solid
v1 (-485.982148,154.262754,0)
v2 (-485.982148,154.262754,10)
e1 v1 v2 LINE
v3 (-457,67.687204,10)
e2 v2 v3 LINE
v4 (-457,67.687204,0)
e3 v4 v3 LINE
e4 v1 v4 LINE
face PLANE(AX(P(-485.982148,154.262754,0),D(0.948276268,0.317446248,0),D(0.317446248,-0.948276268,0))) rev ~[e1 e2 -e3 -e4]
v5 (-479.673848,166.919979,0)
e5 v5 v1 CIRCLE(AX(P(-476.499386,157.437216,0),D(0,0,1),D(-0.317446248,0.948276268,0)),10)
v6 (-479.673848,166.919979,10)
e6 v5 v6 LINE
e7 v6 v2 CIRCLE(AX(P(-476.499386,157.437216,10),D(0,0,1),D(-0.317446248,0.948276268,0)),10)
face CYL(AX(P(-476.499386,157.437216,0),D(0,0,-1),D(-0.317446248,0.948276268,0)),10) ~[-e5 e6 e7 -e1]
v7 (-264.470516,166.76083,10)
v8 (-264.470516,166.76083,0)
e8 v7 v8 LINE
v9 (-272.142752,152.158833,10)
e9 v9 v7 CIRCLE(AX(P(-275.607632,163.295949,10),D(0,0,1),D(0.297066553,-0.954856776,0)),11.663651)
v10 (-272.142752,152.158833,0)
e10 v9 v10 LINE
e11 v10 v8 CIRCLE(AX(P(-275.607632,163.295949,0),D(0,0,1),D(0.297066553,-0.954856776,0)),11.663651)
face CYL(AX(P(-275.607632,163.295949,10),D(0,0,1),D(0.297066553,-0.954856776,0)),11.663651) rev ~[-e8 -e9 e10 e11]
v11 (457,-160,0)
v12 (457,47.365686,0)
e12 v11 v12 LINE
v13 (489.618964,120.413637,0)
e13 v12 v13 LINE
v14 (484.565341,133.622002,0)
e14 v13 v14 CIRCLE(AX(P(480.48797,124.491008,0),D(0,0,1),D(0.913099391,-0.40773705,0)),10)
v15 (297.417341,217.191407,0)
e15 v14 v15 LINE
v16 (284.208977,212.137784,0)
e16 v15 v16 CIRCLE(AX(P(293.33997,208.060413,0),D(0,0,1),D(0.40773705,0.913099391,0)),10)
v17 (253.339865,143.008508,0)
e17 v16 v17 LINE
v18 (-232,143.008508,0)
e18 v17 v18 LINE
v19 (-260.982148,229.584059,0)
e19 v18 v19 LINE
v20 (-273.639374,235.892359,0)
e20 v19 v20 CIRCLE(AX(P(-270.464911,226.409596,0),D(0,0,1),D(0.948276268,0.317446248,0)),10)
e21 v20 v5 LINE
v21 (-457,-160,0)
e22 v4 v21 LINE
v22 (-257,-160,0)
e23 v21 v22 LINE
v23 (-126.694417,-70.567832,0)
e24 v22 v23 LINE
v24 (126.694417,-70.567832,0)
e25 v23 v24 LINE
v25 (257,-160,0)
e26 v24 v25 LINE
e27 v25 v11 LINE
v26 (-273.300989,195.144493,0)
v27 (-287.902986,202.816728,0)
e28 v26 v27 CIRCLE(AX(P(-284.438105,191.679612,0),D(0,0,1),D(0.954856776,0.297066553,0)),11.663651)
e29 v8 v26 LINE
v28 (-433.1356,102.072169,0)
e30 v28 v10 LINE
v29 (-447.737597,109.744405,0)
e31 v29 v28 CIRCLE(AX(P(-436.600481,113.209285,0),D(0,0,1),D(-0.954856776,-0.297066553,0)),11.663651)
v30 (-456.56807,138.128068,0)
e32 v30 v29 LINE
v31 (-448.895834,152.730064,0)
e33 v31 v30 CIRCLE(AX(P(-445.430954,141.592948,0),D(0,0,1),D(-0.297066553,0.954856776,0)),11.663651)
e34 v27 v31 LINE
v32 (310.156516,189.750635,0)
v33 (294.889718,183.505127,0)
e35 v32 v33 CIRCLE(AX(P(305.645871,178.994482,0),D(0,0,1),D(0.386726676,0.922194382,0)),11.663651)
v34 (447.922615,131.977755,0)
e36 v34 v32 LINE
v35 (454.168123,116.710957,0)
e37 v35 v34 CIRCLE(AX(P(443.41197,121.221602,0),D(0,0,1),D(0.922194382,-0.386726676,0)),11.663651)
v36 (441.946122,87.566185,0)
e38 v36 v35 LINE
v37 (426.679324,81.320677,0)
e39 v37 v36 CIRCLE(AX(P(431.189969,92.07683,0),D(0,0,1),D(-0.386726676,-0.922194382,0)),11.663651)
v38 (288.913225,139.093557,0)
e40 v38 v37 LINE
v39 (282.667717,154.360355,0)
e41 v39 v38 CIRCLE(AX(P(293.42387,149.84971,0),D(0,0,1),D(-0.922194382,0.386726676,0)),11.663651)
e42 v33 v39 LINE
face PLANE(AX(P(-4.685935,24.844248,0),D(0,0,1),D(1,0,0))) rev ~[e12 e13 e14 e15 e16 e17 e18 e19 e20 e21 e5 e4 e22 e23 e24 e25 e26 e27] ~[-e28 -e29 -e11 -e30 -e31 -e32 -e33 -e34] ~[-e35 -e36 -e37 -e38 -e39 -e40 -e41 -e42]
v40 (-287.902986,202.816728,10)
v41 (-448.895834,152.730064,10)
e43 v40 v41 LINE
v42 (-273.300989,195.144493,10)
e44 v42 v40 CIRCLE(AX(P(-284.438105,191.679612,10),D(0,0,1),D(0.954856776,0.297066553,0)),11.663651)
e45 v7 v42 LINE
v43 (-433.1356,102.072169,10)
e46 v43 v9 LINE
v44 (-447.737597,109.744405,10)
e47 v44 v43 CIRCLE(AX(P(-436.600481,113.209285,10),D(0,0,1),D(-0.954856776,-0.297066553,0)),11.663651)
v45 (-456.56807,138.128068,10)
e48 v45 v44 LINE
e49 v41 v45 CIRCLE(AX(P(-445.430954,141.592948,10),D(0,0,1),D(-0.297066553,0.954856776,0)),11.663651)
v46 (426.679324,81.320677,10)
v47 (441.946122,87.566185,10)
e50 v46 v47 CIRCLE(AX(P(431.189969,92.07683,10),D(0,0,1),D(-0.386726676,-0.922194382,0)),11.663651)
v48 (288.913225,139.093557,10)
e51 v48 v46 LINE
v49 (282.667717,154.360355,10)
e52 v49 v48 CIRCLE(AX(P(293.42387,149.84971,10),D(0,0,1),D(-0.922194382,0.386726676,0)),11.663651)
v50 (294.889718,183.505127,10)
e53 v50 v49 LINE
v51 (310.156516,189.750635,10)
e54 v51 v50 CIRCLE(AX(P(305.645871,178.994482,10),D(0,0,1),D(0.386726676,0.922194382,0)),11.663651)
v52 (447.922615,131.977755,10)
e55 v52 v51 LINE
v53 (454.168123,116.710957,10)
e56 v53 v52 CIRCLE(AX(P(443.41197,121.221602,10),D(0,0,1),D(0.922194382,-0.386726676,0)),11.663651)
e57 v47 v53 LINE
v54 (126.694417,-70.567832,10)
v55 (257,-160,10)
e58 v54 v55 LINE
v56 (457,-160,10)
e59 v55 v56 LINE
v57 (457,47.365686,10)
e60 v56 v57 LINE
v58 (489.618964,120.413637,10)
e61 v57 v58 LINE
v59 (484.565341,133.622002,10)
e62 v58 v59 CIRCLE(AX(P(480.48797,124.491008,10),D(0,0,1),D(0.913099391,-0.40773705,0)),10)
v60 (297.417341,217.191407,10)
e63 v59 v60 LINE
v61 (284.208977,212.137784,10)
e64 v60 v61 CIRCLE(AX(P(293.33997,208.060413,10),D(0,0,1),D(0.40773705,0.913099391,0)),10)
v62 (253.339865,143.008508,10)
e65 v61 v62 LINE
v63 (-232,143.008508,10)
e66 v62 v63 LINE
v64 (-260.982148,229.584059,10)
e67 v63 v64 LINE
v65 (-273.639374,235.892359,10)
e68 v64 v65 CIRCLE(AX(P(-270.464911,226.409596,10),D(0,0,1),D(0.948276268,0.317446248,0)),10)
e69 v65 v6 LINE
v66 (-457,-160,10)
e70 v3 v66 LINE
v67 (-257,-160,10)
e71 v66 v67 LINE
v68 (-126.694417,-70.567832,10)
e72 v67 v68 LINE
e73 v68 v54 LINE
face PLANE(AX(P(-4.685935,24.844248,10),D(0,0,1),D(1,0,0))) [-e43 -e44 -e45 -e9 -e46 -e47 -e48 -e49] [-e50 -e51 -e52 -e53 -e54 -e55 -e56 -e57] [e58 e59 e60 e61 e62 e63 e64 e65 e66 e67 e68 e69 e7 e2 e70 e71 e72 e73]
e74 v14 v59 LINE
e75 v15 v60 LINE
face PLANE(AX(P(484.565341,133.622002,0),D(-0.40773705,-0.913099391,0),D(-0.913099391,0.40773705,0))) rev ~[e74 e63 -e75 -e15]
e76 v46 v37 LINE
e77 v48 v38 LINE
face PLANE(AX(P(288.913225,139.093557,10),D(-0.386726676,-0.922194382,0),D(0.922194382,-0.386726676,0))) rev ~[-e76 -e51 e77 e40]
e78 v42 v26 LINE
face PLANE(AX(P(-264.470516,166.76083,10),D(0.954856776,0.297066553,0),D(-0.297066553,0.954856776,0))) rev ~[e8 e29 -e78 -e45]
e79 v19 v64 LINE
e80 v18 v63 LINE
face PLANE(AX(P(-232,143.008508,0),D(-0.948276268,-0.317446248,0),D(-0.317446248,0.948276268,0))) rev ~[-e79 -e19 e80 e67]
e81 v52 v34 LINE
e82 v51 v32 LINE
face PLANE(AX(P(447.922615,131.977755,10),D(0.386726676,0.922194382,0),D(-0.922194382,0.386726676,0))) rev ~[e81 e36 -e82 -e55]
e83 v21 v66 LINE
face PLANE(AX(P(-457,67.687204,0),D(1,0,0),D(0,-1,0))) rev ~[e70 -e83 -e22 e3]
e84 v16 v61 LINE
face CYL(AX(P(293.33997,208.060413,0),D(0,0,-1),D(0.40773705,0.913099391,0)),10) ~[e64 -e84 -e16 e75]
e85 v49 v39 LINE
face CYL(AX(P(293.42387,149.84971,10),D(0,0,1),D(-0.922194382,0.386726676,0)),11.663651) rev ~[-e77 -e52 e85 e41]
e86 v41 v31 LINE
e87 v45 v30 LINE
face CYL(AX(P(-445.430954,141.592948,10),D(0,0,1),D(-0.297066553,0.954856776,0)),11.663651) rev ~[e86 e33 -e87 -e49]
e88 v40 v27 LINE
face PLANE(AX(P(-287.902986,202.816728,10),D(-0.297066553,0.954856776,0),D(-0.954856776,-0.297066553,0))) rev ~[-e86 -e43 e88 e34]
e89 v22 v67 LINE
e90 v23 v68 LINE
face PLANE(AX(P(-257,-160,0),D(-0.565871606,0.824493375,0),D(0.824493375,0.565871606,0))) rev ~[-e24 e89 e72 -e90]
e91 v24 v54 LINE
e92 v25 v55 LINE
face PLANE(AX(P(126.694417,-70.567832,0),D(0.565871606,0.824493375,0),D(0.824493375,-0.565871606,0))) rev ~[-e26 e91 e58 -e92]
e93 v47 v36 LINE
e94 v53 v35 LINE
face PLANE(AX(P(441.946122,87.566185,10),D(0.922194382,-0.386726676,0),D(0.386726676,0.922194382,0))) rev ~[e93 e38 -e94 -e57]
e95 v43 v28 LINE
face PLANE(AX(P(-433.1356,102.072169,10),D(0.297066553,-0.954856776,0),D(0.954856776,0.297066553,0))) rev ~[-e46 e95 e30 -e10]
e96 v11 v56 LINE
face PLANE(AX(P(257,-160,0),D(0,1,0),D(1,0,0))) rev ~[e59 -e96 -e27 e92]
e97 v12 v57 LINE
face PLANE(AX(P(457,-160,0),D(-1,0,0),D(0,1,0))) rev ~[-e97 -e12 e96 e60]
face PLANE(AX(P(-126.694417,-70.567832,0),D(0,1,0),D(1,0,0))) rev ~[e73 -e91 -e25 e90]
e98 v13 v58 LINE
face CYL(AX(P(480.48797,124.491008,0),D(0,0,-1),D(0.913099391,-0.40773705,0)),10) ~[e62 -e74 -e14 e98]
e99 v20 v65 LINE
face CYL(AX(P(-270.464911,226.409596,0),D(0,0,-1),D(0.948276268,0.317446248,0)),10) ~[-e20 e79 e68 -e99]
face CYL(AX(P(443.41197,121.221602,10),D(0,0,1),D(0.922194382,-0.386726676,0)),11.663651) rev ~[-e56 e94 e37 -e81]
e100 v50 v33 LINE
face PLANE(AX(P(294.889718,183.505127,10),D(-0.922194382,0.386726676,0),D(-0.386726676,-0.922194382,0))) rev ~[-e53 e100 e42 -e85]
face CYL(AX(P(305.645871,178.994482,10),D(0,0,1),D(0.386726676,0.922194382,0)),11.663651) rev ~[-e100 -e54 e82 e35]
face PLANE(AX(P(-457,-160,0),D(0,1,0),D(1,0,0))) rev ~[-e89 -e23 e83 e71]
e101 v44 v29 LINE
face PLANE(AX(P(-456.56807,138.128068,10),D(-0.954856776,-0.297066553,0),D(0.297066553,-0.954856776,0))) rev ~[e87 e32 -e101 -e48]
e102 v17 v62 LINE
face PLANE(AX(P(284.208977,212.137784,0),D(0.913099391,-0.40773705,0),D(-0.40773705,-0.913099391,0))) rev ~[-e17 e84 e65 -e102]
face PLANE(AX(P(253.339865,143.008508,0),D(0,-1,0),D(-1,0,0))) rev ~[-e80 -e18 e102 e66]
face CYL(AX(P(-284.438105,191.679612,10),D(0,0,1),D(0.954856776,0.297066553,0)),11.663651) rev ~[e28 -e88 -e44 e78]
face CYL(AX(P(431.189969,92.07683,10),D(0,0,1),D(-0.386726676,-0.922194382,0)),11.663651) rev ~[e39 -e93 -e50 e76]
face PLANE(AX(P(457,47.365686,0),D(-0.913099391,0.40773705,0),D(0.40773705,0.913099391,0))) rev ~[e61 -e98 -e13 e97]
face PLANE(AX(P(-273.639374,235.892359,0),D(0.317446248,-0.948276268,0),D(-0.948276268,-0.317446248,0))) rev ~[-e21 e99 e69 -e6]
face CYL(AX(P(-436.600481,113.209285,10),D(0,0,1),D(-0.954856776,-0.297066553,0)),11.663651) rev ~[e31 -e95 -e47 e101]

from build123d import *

# Parameters (mm, degrees)
BOSS_EXTRUDE1_DEPTH = 10
CUT_EXTRUDE1_DEPTH  = 10
CUT_EXTRUDE2_DEPTH  = 10


with BuildPart() as part:
    # Sketch2 → Boss-Extrude1 (new body)
    with BuildSketch(Plane.XY):
        with BuildLine():
            Line((-257, -160), (-126.694416638, -70.567832456))
            Line((-126.694416638, -70.567832456), (126.694416638, -70.567832456))
            Line((126.694416638, -70.567832456), (257, -160))
            Line((257, -160), (457, -160))
            Line((457, -160), (457, 47.365686012))
            Line((457, 47.365686012), (489.618964007, 120.413637298))
            ThreePointArc((489.618964007, 120.413637298), (489.82769414, 128.064459181), (484.565340597, 133.622001709))
            Line((484.565340597, 133.622001709), (297.41734098, 217.19140723))
            ThreePointArc((297.41734098, 217.19140723), (289.766519097, 217.400137363), (284.208976569, 212.13778382))
            Line((284.208976569, 212.13778382), (253.339865194, 143.008508485))
            Line((253.339865194, 143.008508485), (-232, 143.008508485))
            Line((-232, 143.008508485), (-260.982148435, 229.584058556))
            ThreePointArc((-260.982148435, 229.584058556), (-266.004269265, 235.359605814), (-273.639373591, 235.892358751))
            Line((-273.639373591, 235.892358751), (-479.673848241, 166.919978879))
            ThreePointArc((-479.673848241, 166.919978879), (-485.449395499, 161.897858049), (-485.982148435, 154.262753723))
            Line((-485.982148435, 154.262753723), (-457, 67.687203652))
            Line((-457, 67.687203652), (-457, -160))
            Line((-457, -160), (-257, -160))
        make_face()
    extrude(amount=BOSS_EXTRUDE1_DEPTH)

    # Sketch3 → Cut-Extrude1 (cut)
    with BuildSketch(Plane.XY.offset(10)):
        with BuildLine():
            Line((-456.568069909, 138.128067643), (-447.737597005, 109.744404736))
            ThreePointArc((-447.737597005, 109.744404736), (-442.025570712, 102.884114481), (-433.135600426, 102.072169246))
            Line((-433.135600426, 102.072169246), (-272.142751839, 152.15883325))
            ThreePointArc((-272.142751839, 152.15883325), (-265.282461584, 157.870859543), (-264.470516349, 166.760829829))
            Line((-264.470516349, 166.760829829), (-273.300989253, 195.144492736))
            ThreePointArc((-273.300989253, 195.144492736), (-279.013015546, 202.004782992), (-287.902985832, 202.816728227))
            Line((-287.902985832, 202.816728227), (-448.895834419, 152.730064222))
            ThreePointArc((-448.895834419, 152.730064222), (-455.756124674, 147.01803793), (-456.568069909, 138.128067643))
        make_face()
    extrude(amount=-CUT_EXTRUDE1_DEPTH, mode=Mode.SUBTRACT)

    # Sketch4 → Cut-Extrude2 (cut)
    with BuildSketch(Plane.XY.offset(10)):
        with BuildLine():
            Line((294.889717658, 183.505126769), (282.667716754, 154.360355381))
            ThreePointArc((282.667716754, 154.360355381), (282.628613497, 145.433469155), (288.913225104, 139.093557192))
            Line((288.913225104, 139.093557192), (426.679323763, 81.320677109))
            ThreePointArc((426.679323763, 81.320677109), (435.606209989, 81.281573852), (441.946121952, 87.566185459))
            Line((441.946121952, 87.566185459), (454.168122857, 116.710956847))
            ThreePointArc((454.168122857, 116.710956847), (454.207226114, 125.637843073), (447.922614507, 131.977755036))
            Line((447.922614507, 131.977755036), (310.156515848, 189.750635119))
            ThreePointArc((310.156515848, 189.750635119), (301.229629622, 189.789738376), (294.889717658, 183.505126769))
        make_face()
    extrude(amount=-CUT_EXTRUDE2_DEPTH, mode=Mode.SUBTRACT)


solid = part.part
